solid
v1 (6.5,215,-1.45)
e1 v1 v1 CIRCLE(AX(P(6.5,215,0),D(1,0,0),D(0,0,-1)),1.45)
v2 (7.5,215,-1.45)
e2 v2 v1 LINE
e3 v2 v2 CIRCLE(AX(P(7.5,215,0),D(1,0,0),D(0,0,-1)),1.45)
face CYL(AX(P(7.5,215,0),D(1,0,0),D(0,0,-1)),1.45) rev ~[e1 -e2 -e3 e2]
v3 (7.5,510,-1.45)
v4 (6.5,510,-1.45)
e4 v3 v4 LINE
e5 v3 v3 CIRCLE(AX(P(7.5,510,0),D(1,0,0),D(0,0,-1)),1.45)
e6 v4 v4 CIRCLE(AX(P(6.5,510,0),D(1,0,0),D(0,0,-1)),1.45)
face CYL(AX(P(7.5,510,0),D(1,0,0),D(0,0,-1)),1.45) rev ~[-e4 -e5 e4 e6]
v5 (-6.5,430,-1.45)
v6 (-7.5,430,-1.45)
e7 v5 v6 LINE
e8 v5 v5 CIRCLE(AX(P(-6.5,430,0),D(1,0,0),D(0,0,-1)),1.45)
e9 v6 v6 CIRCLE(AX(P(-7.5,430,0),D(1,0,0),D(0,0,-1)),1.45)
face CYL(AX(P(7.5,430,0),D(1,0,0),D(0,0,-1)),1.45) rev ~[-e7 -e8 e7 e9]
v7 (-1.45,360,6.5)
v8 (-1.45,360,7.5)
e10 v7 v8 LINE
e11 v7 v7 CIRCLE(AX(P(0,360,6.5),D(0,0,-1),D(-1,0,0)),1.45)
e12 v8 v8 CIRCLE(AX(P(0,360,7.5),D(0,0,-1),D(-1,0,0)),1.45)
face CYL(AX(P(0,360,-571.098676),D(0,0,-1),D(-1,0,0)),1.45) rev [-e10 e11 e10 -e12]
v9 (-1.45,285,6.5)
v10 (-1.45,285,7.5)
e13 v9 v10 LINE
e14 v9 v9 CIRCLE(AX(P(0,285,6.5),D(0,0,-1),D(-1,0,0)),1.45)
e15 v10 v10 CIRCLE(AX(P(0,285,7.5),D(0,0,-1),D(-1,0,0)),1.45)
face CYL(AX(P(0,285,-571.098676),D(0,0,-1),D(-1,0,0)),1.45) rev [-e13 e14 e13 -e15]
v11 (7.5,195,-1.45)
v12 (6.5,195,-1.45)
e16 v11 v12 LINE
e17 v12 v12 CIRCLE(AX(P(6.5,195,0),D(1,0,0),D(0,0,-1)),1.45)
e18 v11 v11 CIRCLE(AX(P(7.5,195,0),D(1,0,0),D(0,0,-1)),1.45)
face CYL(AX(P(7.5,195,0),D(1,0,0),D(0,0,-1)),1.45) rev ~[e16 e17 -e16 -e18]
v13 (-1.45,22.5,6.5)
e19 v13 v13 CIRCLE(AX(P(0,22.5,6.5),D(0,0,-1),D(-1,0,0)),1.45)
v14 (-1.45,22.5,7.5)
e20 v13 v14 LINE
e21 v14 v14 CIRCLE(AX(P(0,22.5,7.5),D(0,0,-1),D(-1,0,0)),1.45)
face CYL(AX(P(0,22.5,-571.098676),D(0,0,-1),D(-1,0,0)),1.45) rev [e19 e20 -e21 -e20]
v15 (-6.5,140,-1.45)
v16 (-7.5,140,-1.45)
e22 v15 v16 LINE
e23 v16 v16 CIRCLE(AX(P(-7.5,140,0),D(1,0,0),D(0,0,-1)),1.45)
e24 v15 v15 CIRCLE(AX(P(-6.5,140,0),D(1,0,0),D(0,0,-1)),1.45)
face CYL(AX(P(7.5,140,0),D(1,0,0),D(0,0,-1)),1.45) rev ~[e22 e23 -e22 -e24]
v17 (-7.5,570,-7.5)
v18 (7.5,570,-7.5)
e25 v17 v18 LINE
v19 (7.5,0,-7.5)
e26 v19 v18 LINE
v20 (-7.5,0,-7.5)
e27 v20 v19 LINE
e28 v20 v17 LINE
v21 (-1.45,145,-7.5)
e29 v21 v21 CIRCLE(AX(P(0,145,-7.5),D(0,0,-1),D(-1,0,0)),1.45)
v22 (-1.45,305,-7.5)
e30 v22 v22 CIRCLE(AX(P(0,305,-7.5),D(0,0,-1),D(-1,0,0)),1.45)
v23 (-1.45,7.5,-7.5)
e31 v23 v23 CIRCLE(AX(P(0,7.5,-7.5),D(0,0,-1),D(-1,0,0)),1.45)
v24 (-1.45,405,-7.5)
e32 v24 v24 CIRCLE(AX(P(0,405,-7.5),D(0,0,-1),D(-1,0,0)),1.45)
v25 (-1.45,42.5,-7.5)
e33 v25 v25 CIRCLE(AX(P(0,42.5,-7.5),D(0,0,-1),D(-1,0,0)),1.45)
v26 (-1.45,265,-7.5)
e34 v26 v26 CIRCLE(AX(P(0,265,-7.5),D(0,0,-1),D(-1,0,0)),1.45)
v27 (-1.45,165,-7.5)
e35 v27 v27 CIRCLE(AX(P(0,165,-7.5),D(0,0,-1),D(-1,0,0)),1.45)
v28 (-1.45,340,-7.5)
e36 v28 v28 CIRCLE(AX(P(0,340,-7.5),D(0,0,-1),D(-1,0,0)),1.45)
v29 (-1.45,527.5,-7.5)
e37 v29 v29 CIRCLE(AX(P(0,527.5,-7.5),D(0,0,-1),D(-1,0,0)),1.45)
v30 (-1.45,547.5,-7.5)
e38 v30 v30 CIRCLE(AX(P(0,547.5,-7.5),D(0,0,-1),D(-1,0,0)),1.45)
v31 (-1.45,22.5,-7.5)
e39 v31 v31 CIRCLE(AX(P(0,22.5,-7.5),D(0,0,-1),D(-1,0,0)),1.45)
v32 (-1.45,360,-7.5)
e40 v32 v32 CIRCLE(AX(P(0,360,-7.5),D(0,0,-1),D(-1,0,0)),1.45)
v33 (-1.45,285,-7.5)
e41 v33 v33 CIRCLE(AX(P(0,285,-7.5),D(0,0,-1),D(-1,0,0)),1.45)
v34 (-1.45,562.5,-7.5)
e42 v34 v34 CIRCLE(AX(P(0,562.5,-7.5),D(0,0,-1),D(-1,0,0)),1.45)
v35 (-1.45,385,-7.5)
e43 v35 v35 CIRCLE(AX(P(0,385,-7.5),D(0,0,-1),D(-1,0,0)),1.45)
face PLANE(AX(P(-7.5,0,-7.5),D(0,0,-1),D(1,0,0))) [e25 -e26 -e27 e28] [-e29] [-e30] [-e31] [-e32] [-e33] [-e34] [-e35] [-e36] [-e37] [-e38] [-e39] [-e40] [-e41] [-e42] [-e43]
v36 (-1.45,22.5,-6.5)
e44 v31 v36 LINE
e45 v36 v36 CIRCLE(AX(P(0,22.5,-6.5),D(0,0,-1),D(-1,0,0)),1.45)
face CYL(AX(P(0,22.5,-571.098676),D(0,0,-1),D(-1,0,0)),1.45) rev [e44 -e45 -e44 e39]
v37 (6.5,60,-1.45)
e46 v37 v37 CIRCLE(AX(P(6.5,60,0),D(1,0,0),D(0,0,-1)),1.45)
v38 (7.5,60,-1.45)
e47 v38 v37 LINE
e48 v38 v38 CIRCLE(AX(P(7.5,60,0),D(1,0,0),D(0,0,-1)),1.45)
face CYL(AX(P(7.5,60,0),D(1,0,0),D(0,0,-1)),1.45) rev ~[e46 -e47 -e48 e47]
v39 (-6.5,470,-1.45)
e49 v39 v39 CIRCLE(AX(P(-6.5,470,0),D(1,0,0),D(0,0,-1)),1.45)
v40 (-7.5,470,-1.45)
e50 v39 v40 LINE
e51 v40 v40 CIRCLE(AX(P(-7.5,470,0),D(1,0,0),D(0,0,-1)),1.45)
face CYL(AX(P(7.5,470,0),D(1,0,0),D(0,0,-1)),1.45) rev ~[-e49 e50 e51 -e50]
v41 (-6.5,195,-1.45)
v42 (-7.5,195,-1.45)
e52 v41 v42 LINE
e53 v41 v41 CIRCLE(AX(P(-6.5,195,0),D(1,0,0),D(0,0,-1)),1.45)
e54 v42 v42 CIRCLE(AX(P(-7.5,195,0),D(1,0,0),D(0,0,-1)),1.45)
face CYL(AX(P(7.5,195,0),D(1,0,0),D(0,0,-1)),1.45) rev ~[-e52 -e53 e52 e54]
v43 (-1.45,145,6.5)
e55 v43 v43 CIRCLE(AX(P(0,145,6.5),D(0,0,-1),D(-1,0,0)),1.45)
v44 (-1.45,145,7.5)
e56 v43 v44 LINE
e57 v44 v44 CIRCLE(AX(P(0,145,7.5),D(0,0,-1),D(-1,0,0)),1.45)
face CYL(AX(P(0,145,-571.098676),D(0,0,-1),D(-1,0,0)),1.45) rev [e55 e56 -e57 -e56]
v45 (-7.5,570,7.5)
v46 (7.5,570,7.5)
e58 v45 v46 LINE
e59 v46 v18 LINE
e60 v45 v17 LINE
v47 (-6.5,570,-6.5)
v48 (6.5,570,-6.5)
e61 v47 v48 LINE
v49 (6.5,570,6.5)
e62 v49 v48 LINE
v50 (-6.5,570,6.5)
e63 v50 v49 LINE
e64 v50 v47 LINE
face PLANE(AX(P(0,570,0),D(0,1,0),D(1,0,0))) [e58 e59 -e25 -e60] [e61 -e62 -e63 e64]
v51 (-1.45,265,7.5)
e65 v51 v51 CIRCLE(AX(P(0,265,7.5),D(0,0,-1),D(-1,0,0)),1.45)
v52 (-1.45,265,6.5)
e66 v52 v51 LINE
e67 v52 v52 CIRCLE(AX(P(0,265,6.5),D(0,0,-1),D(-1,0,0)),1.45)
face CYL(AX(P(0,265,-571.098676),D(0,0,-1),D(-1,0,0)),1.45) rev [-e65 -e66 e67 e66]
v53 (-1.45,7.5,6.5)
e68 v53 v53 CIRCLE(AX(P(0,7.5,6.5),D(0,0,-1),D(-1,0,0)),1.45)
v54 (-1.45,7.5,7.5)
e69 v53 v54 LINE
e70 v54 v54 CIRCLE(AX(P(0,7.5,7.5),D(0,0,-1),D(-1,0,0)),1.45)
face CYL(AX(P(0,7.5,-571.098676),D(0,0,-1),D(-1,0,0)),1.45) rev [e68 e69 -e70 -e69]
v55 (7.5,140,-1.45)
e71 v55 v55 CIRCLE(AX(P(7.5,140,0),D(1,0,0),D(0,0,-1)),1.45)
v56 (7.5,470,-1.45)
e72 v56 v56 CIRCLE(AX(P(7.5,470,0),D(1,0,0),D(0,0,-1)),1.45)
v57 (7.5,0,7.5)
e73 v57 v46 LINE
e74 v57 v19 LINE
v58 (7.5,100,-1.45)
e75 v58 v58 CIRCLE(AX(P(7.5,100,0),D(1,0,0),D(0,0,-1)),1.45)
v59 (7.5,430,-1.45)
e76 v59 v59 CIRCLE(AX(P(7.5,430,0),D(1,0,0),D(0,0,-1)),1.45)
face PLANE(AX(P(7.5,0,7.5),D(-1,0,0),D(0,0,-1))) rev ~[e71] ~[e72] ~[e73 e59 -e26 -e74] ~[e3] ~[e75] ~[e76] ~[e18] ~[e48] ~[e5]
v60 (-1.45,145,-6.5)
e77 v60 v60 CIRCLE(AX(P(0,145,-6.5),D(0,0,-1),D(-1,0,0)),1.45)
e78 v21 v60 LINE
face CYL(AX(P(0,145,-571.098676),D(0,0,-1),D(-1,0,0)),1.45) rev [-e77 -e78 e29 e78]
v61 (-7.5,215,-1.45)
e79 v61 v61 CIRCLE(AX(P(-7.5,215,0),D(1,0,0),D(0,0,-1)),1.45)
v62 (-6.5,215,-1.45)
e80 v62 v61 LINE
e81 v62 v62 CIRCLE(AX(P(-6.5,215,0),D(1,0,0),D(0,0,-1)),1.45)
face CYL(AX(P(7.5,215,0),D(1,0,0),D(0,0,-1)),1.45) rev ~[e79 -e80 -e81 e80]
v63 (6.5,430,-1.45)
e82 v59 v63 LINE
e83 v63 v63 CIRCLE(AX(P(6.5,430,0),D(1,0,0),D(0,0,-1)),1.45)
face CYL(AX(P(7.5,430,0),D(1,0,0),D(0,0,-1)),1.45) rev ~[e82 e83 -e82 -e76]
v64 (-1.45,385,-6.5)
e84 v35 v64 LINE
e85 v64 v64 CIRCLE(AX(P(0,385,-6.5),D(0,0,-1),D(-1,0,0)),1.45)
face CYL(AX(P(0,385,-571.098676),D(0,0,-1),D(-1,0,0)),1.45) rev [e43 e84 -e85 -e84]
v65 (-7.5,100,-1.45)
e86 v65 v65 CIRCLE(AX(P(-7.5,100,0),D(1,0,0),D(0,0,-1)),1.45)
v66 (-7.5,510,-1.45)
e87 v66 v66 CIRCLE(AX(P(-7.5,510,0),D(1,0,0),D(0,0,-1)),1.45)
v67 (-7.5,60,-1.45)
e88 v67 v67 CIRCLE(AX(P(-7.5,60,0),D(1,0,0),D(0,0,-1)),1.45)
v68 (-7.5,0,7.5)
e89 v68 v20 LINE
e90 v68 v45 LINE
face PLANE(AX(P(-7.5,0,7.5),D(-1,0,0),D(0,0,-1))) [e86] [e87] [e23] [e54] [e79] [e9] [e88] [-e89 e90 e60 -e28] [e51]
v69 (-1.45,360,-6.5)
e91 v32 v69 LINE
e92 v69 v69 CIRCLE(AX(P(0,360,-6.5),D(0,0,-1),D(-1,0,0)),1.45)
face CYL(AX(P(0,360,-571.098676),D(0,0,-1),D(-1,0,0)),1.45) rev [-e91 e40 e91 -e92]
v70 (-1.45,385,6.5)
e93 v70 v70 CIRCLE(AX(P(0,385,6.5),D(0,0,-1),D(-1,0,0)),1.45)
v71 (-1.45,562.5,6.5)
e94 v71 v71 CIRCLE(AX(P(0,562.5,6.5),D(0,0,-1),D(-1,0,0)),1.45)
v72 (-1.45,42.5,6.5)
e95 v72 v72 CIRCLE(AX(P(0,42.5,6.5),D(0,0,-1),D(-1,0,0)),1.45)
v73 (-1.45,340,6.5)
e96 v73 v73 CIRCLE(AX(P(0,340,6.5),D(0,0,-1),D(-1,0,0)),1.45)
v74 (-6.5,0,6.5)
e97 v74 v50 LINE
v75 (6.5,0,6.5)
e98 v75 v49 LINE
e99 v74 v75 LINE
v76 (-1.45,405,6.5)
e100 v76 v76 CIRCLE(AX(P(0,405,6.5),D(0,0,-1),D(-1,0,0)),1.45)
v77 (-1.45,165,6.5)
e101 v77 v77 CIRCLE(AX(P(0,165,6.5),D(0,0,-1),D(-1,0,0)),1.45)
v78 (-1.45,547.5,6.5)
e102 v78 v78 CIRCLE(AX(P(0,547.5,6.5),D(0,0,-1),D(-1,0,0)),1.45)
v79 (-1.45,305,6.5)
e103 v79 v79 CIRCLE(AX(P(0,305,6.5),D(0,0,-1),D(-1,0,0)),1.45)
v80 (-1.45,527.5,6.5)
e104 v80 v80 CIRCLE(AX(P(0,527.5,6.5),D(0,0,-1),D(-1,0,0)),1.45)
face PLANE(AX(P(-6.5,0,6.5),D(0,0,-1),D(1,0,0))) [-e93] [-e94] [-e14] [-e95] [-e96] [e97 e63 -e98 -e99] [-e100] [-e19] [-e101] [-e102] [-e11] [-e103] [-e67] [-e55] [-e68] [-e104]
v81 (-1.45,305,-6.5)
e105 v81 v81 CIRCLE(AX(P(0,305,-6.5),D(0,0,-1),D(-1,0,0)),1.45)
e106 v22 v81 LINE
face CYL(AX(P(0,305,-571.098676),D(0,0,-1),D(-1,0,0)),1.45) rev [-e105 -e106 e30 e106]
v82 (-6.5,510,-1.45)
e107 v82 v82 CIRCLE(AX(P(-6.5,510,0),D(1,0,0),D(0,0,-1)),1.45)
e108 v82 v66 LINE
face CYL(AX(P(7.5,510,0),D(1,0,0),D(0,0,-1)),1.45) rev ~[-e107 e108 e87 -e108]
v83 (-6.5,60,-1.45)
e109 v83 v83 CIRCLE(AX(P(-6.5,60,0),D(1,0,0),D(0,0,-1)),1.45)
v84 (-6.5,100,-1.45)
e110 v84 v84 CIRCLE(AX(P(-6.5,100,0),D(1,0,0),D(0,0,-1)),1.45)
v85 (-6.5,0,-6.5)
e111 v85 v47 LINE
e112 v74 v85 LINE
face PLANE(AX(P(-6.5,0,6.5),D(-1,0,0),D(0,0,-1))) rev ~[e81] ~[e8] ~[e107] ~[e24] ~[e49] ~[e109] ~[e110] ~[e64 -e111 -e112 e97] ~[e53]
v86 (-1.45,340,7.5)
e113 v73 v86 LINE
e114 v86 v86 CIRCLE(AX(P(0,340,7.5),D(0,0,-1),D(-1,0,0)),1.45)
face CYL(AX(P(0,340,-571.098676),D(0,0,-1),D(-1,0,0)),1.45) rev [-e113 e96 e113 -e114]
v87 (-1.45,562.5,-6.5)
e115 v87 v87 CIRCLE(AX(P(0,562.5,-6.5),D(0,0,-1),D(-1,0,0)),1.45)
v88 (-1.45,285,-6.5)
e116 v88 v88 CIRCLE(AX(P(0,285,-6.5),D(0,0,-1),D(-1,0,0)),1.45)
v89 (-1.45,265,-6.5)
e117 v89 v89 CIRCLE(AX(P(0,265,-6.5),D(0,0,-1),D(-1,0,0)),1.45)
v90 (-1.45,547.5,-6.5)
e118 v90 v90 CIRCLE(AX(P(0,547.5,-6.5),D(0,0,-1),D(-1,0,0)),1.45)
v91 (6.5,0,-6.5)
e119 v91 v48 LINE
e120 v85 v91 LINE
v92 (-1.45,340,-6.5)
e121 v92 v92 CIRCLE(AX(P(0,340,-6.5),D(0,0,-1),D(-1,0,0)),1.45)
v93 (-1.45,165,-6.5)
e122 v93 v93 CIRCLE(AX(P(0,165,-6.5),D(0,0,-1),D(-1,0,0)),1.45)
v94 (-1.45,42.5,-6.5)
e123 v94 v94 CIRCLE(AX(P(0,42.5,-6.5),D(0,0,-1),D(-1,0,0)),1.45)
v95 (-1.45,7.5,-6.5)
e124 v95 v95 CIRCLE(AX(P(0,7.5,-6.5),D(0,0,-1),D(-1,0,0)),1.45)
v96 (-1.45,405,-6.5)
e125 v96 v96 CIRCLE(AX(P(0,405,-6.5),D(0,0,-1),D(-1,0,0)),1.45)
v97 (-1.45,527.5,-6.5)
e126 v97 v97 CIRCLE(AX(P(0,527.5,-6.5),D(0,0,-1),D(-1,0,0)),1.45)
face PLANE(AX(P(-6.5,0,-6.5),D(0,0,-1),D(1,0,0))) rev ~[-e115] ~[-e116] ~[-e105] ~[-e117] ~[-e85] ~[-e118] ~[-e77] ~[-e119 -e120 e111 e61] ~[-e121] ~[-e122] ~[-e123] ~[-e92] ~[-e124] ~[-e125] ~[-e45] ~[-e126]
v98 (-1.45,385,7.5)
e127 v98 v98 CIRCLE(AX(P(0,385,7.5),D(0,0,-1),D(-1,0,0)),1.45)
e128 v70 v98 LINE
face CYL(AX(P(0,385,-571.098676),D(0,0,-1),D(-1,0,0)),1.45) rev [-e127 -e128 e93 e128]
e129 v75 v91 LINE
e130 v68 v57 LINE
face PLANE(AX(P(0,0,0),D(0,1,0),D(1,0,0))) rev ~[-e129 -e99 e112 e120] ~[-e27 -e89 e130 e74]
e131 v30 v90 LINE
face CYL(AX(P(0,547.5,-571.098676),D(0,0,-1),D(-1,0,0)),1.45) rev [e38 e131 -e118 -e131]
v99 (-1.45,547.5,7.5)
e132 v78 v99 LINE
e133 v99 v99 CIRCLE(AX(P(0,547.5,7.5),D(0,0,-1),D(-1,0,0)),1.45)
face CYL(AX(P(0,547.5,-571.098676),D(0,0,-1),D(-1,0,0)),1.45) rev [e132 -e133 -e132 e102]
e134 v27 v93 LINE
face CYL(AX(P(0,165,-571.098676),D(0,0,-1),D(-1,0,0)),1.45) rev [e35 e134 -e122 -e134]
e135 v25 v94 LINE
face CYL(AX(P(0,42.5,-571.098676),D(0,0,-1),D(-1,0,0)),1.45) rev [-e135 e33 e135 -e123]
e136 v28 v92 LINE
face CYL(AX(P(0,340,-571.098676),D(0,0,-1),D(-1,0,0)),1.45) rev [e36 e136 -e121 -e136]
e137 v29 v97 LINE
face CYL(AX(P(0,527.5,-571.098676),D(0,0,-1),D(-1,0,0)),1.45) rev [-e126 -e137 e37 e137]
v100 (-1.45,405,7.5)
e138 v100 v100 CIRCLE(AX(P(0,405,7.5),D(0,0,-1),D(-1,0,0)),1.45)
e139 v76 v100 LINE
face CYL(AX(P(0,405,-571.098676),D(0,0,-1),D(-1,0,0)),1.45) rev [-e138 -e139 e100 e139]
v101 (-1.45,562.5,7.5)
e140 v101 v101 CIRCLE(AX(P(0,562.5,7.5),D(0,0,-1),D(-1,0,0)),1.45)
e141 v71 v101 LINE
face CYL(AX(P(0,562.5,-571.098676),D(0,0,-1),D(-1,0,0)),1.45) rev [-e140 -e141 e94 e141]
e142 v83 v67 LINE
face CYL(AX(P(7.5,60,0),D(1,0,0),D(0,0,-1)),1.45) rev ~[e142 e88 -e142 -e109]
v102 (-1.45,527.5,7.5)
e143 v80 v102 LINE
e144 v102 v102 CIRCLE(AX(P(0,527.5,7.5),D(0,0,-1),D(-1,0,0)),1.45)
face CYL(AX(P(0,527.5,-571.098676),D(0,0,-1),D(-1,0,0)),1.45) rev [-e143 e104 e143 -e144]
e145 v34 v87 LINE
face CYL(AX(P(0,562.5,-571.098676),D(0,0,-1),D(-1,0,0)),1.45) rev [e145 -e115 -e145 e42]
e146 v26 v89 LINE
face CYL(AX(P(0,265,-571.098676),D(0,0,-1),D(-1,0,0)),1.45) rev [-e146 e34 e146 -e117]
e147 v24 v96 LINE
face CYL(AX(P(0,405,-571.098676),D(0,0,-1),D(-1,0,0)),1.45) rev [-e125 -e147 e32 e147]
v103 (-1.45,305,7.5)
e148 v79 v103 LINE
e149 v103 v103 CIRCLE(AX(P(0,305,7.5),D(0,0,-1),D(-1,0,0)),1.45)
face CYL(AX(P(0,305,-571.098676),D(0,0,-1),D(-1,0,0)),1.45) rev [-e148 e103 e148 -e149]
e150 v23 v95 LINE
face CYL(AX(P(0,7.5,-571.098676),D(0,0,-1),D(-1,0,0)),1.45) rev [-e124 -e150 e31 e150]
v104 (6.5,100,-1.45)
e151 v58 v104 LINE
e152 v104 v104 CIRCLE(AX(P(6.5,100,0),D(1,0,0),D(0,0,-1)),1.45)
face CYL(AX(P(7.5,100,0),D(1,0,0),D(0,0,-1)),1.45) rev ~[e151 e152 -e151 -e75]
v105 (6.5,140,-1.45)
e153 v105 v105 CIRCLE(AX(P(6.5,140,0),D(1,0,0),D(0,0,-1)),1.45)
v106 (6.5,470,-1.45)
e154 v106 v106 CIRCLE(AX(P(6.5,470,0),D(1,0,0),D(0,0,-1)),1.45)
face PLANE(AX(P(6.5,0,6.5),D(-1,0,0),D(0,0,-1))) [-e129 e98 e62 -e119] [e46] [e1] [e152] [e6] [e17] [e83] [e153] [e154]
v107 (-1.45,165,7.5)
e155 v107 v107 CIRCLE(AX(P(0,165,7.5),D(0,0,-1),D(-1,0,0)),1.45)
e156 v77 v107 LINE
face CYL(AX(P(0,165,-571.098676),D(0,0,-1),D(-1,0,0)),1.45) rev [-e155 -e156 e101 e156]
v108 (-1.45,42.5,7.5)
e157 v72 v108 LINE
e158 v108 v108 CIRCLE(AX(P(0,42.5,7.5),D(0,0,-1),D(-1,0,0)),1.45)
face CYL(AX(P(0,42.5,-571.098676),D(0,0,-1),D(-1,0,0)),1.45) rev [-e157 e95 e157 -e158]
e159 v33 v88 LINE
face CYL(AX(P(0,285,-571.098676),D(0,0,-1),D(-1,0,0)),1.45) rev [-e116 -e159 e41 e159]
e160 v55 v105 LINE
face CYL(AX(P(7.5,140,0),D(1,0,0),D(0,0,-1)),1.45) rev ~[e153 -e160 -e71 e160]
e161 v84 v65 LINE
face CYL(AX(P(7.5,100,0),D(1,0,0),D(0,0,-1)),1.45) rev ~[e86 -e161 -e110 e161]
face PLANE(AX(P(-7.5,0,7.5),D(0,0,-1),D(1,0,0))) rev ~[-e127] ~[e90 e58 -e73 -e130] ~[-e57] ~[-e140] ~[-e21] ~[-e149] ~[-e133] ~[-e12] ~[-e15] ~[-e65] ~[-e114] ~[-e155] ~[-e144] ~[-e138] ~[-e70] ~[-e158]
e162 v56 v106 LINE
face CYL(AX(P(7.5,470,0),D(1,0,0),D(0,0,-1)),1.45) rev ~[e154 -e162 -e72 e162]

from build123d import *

# Parameters (mm, degrees)
SKETCH_1_W               = 15
SKETCH_1_H               = 15
SKETCH_1_W_2             = 13
SKETCH_1_H_2             = 13
EXTRUDE_1_DEPTH          = 570
CUT_EXTRUDE_1_DEPTH      = 10
CUT_EXTRUDE_1_DEPTH_BACK = 571.098675669
SKETCH_2_R               = 1.45
SKETCH_3_R               = 1.45
CUT_EXTRUDE_2_DEPTH      = 571.246657158


with BuildPart() as part:
    # 草图1 → 拉伸-薄壁1 (new body)
    with BuildSketch(Plane(origin=(0, 0, 0), x_dir=(1, 0, 0), z_dir=(0, 1, 0))):
        Rectangle(SKETCH_1_W, SKETCH_1_H)
        Rectangle(SKETCH_1_W_2, SKETCH_1_H_2, mode=Mode.SUBTRACT)
    extrude(amount=EXTRUDE_1_DEPTH)

    # 草图2 → 切除-拉伸1 (cut, two sides: drawn at the far end of the back side and taken through both)
    with BuildSketch(Plane.XY.offset(-CUT_EXTRUDE_1_DEPTH_BACK)):
        with Locations(Location((0, 7.5, 0), (0, 0, 180))):
            Circle(SKETCH_2_R)
        with Locations(Location((0, 22.5, 0), (0, 0, 180))):
            Circle(SKETCH_2_R)
        with Locations(Location((0, 42.5, 0), (0, 0, 180))):
            Circle(SKETCH_2_R)
        with Locations(Location((0, 527.5, 0), (0, 0, 180))):
            Circle(SKETCH_2_R)
        with Locations(Location((0, 547.5, 0), (0, 0, 180))):
            Circle(SKETCH_2_R)
        with Locations(Location((0, 562.5, 0), (0, 0, 180))):
            Circle(SKETCH_2_R)
        with Locations(Location((0, 285, 0), (0, 0, 180))):
            Circle(SKETCH_2_R)
        with Locations(Location((0, 305, 0), (0, 0, 180))):
            Circle(SKETCH_2_R)
        with Locations(Location((0, 265, 0), (0, 0, 180))):
            Circle(SKETCH_2_R)
        with Locations(Location((0, 405, 0), (0, 0, 180))):
            Circle(SKETCH_2_R)
        with Locations(Location((0, 385, 0), (0, 0, 180))):
            Circle(SKETCH_2_R)
        with Locations(Location((0, 165, 0), (0, 0, 180))):
            Circle(SKETCH_2_R)
        with Locations(Location((0, 145, 0), (0, 0, 180))):
            Circle(SKETCH_2_R)
        with Locations(Location((0, 340, 0), (0, 0, 180))):
            Circle(SKETCH_2_R)
        with Locations(Location((0, 360, 0), (0, 0, 180))):
            Circle(SKETCH_2_R)
    extrude(amount=CUT_EXTRUDE_1_DEPTH + CUT_EXTRUDE_1_DEPTH_BACK, mode=Mode.SUBTRACT)

    # 草图3 → 切除-拉伸2 (cut, through all)
    with BuildSketch(Plane(origin=(7.5, 0, 0), x_dir=(0, 0, -1), z_dir=(1, 0, 0))):
        with Locations((0, 60)):
            Circle(SKETCH_3_R)
        with Locations((0, 100)):
            Circle(SKETCH_3_R)
        with Locations((0, 470)):
            Circle(SKETCH_3_R)
        with Locations((0, 510)):
            Circle(SKETCH_3_R)
        with Locations((0, 140)):
            Circle(SKETCH_3_R)
        with Locations((0, 430)):
            Circle(SKETCH_3_R)
        with Locations((0, 195)):
            Circle(SKETCH_3_R)
        with Locations((0, 215)):
            Circle(SKETCH_3_R)
    extrude(amount=-CUT_EXTRUDE_2_DEPTH, mode=Mode.SUBTRACT)


solid = part.part
